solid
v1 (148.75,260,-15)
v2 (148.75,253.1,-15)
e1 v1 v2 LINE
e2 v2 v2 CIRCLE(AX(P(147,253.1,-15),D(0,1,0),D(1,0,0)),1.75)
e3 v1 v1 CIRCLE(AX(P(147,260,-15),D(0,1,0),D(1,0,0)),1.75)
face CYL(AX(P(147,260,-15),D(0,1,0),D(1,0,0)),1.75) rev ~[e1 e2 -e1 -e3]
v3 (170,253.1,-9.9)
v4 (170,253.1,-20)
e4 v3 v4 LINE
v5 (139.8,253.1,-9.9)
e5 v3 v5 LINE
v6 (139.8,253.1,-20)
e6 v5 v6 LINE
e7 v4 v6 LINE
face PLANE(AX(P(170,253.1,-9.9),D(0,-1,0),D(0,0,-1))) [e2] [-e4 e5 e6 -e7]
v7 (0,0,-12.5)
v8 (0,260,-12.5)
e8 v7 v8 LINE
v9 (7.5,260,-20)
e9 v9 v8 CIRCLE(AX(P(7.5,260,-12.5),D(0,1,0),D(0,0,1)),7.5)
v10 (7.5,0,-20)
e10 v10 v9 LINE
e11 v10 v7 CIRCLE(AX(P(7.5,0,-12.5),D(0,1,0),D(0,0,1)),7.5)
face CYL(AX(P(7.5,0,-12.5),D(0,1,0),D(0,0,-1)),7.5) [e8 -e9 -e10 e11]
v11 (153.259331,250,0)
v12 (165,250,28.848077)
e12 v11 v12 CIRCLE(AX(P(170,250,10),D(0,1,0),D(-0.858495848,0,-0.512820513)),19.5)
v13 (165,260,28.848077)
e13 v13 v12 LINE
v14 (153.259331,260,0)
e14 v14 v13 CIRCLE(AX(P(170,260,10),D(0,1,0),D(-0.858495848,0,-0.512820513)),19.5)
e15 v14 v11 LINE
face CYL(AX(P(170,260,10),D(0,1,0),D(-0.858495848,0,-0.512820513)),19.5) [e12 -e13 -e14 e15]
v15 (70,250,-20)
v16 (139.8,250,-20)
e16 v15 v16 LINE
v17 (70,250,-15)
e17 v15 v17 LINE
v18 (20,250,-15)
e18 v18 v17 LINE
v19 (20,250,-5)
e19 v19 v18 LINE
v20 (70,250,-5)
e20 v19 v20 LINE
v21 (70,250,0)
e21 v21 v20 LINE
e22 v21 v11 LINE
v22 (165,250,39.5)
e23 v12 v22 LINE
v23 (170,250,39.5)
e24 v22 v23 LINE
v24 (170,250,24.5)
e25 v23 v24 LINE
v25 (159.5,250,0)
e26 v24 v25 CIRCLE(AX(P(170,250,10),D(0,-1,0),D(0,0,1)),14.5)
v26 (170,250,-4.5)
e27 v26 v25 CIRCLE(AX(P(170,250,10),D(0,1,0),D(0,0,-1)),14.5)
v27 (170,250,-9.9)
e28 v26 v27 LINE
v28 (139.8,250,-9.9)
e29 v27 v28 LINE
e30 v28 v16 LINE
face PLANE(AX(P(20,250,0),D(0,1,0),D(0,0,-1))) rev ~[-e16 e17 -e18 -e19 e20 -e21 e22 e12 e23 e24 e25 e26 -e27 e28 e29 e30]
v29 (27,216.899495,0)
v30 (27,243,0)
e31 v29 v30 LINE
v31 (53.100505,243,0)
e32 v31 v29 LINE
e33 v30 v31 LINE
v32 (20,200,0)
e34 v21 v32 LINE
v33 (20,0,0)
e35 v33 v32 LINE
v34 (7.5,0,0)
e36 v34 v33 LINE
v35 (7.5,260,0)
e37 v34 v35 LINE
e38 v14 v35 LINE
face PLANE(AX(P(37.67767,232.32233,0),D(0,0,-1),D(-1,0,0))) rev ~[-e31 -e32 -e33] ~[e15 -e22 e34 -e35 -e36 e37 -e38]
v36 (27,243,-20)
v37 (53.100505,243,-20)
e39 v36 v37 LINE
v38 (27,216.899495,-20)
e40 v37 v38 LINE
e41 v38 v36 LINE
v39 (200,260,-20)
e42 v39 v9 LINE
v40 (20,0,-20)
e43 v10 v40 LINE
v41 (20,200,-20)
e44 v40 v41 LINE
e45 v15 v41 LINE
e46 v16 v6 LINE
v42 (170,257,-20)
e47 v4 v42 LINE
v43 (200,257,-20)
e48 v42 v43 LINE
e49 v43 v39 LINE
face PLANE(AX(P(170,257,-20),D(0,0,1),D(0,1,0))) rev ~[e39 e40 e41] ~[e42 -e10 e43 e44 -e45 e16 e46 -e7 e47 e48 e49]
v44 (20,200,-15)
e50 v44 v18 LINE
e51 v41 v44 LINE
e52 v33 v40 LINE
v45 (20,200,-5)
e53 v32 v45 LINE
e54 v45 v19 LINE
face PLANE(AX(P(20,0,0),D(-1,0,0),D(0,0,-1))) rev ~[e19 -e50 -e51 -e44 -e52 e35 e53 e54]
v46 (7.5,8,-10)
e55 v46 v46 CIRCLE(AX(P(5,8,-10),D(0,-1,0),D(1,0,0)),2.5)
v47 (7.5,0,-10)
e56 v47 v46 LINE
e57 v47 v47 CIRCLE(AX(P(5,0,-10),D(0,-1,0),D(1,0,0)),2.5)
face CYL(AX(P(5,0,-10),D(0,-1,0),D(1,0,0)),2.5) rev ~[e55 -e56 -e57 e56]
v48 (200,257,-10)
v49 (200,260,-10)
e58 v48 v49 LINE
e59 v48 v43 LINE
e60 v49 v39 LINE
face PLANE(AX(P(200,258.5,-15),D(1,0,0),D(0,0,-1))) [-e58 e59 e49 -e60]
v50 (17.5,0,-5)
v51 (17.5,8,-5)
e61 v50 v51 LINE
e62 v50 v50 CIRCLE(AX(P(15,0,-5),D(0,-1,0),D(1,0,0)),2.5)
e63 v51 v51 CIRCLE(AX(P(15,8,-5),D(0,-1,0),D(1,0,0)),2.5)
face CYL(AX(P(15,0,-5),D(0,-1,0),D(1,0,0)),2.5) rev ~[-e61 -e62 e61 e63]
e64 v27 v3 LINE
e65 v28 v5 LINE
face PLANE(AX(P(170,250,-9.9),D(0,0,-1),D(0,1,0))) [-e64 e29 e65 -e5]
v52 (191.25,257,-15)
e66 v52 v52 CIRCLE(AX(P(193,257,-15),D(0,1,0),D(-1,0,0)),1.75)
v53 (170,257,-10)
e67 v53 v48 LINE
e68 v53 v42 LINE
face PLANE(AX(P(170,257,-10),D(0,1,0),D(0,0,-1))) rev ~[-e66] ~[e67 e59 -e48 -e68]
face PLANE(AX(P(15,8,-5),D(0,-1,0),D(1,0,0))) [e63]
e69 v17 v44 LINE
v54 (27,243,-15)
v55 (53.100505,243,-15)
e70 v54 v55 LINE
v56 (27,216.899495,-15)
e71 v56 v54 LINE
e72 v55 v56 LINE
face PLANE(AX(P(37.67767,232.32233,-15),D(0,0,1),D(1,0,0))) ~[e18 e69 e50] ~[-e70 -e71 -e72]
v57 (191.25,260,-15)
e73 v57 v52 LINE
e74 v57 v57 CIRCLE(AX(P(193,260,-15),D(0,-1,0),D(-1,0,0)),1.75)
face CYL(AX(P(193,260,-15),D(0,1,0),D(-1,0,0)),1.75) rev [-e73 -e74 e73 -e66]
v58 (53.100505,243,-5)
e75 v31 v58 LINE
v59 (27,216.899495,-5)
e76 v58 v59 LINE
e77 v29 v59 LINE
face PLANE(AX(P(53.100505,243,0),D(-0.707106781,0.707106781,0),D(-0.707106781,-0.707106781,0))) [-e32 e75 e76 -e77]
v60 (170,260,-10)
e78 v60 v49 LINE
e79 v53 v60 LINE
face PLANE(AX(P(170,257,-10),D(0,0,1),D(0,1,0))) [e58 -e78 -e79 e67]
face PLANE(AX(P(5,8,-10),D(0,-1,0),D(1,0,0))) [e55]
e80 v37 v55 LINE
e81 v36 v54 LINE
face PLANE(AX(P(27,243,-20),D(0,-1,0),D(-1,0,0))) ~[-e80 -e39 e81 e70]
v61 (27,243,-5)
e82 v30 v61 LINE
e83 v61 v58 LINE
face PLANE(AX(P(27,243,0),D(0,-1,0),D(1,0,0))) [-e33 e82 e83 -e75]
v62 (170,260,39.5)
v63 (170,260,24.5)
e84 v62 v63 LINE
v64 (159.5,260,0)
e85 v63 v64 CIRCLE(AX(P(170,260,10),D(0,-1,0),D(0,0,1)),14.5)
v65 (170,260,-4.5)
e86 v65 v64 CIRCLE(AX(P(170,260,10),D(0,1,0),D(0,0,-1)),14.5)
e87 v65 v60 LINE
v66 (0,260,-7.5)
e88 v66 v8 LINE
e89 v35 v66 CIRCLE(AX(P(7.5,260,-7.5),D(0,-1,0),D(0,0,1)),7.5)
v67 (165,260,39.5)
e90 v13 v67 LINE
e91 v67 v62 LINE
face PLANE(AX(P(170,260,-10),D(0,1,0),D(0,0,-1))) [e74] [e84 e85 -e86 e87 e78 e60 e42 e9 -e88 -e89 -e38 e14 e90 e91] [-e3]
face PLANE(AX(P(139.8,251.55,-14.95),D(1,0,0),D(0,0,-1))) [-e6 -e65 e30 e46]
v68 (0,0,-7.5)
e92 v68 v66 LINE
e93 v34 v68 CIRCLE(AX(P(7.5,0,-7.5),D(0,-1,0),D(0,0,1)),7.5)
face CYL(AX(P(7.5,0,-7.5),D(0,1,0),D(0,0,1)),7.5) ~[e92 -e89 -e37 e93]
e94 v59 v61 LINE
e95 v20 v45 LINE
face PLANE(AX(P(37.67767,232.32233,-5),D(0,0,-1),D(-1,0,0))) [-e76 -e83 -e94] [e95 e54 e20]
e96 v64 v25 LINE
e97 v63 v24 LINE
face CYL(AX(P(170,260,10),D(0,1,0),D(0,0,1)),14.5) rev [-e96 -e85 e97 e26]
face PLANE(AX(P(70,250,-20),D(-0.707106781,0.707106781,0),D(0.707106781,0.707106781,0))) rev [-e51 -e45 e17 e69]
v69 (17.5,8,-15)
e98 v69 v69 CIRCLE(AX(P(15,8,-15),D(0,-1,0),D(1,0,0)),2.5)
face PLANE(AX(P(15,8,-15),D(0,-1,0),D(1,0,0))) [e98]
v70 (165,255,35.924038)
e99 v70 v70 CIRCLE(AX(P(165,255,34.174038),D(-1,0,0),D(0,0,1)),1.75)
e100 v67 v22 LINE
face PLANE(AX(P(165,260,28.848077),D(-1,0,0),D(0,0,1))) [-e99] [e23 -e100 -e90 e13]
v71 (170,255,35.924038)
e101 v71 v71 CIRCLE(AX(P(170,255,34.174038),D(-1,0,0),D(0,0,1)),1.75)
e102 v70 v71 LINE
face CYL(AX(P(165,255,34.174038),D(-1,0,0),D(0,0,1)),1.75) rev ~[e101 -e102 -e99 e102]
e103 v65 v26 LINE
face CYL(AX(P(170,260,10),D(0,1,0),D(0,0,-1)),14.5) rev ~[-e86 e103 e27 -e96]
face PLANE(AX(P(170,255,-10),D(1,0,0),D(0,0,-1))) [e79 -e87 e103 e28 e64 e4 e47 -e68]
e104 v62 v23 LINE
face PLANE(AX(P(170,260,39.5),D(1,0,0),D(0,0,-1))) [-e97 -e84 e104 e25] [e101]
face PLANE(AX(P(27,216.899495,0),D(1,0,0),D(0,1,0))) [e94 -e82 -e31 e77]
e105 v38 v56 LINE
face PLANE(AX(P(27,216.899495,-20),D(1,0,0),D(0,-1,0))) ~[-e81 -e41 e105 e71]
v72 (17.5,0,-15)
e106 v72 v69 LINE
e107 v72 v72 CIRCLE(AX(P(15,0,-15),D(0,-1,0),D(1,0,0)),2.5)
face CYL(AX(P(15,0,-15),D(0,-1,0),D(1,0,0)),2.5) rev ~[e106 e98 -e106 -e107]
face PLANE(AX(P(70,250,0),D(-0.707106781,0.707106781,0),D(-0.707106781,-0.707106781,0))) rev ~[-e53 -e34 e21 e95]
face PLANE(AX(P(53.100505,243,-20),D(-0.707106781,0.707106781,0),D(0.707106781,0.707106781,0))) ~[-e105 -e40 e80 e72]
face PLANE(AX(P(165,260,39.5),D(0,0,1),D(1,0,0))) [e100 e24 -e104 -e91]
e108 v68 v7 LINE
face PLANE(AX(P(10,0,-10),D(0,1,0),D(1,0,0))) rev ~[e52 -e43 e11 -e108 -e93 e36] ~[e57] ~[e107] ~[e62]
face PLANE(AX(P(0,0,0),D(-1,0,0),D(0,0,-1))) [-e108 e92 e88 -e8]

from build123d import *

# Parameters (mm, degrees)
SKETCH1_W           = 20
SKETCH1_H           = 20
BOSS_EXTRUDE1_DEPTH = 260
SKETCH2_W           = 20
SKETCH2_H           = 10
BOSS_EXTRUDE2_DEPTH = 150
BOSS_EXTRUDE3_DEPTH = 10
CUT_EXTRUDE1_DEPTH  = 261
SKETCH4_R           = 1.75
CUT_EXTRUDE2_DEPTH  = 6
BOSS_EXTRUDE4_DEPTH = 5
FILLET3_R           = 7.5
SKETCH7_R           = 2.5
CUT_EXTRUDE3_DEPTH  = 8
SKETCH9_W           = 10
SKETCH9_H           = 3
BOSS_EXTRUDE6_DEPTH = 30
SKETCH10_W          = 10.1
SKETCH10_H          = 3.1
CUT_EXTRUDE4_DEPTH  = 30.2
SKETCH11_R          = 1.75
CUT_EXTRUDE5_DEPTH  = 261


with BuildPart() as part:
    # Sketch1 → Boss-Extrude1 (new body)
    with BuildSketch(Plane(origin=(0, 0, 0), x_dir=(1, 0, 0), z_dir=(0, 1, 0))):
        with Locations((10, 10)):
            Rectangle(SKETCH1_W, SKETCH1_H)
    extrude(amount=BOSS_EXTRUDE1_DEPTH)

    # Sketch2 → Boss-Extrude2 (add)
    with BuildSketch(Plane(origin=(20, 0, 0), x_dir=(0, 0, -1), z_dir=(1, 0, 0))):
        with Locations((10, 255)):
            Rectangle(SKETCH2_W, SKETCH2_H)
    extrude(amount=BOSS_EXTRUDE2_DEPTH)

    # Sketch3 → Boss-Extrude3 (add)
    with BuildSketch(Plane(origin=(0, 260, 0), x_dir=(1, 0, 0), z_dir=(0, 1, 0))):
        with BuildLine():
            Line((159.5, 0), (153.259330957, 0))
            ThreePointArc((153.259330957, 0), (151.938520085, -17.350710392), (165, -28.848076825))
            Line((165, -28.848076825), (165, -24.5))
            Line((165, -24.5), (170, -24.5))
            ThreePointArc((170, -24.5), (156.672397065, -15.711829829), (159.5, 0))
        make_face()
        with BuildLine():
            Line((165, -24.5), (165, -28.848076825))
            ThreePointArc((165, -28.848076825), (167.478839363, -29.336332358), (170, -29.5))
            Line((170, -29.5), (170, -24.5))
            Line((170, -24.5), (165, -24.5))
        make_face()
        with BuildLine():
            ThreePointArc((170, -29.5), (167.478839363, -29.336332358), (165, -28.848076825))
            Line((165, -28.848076825), (165, -39.5))
            Line((165, -39.5), (170, -39.5))
            Line((170, -39.5), (170, -29.5))
        make_face()
    extrude(amount=-BOSS_EXTRUDE3_DEPTH)

    # Sketch3<3> → Cut-Extrude1 (cut, through all)
    with BuildSketch(Plane(origin=(0, 260, 0), x_dir=(1, 0, 0), z_dir=(0, 1, 0))):
        with BuildLine():
            Line((170, 0), (170, 4.5))
            ThreePointArc((170, 4.5), (164.288170171, 3.327602935), (159.5, 0))
            Line((159.5, 0), (170, 0))
        make_face()
    extrude(amount=-CUT_EXTRUDE1_DEPTH, mode=Mode.SUBTRACT)

    # Sketch4 → Cut-Extrude2 (cut, through all)
    with BuildSketch(Plane.ZY.offset(-165)):
        with Locations((34.174038412, 255)):
            Circle(SKETCH4_R)
    extrude(amount=-CUT_EXTRUDE2_DEPTH, mode=Mode.SUBTRACT)

    # Sketch5 → Boss-Extrude4 (add)
    with BuildSketch(Plane.XY):
        Polygon((70, 250), (20, 200), (20, 250), align=None)
        Polygon((53.100505063, 243), (27, 216.899494937), (27, 243), align=None, mode=Mode.SUBTRACT)
    boss_extrude4 = extrude(amount=-BOSS_EXTRUDE4_DEPTH)

    # Mirror1: Boss-Extrude4 across plane
    add(boss_extrude4.mirror(Plane.XY.offset(-10)))

    # Fillet3
    fillet3_edges = [part.edges().sort_by_distance(p)[0] for p in [
        (0, 130, -20),
        (0, 130, 0),
    ]]
    fillet(fillet3_edges, radius=FILLET3_R)

    # Sketch7 → Cut-Extrude3 (cut)
    with BuildSketch(Plane.XZ):
        with Locations((15, -5)):
            Circle(SKETCH7_R)
        with Locations((5, -10)):
            Circle(SKETCH7_R)
        with Locations((15, -15)):
            Circle(SKETCH7_R)
    extrude(amount=-CUT_EXTRUDE3_DEPTH, mode=Mode.SUBTRACT)

    # Sketch9 → Boss-Extrude6 (add)
    with BuildSketch(Plane(origin=(170, 0, 0), x_dir=(0, 0, -1), z_dir=(1, 0, 0))):
        with Locations((15, 258.5)):
            Rectangle(SKETCH9_W, SKETCH9_H)
    extrude(amount=BOSS_EXTRUDE6_DEPTH)

    # Sketch10 → Cut-Extrude4 (cut)
    with BuildSketch(Plane(origin=(170, 0, 0), x_dir=(0, 0, -1), z_dir=(1, 0, 0))):
        with Locations((14.95, 251.55)):
            Rectangle(SKETCH10_W, SKETCH10_H)
    extrude(amount=-CUT_EXTRUDE4_DEPTH, mode=Mode.SUBTRACT)

    # Sketch11 → Cut-Extrude5 (cut, through all)
    with BuildSketch(Plane(origin=(0, 260, 0), x_dir=(1, 0, 0), z_dir=(0, 1, 0))):
        with Locations((147, 15)):
            Circle(SKETCH11_R)
    cut_extrude5 = extrude(amount=-CUT_EXTRUDE5_DEPTH, mode=Mode.SUBTRACT)

    # Mirror2: Cut-Extrude5 across plane
    add(cut_extrude5.mirror(Plane(origin=(170, 0, 0), x_dir=(0, 0, 1), z_dir=(1, 0, 0))), mode=Mode.SUBTRACT)


solid = part.part
